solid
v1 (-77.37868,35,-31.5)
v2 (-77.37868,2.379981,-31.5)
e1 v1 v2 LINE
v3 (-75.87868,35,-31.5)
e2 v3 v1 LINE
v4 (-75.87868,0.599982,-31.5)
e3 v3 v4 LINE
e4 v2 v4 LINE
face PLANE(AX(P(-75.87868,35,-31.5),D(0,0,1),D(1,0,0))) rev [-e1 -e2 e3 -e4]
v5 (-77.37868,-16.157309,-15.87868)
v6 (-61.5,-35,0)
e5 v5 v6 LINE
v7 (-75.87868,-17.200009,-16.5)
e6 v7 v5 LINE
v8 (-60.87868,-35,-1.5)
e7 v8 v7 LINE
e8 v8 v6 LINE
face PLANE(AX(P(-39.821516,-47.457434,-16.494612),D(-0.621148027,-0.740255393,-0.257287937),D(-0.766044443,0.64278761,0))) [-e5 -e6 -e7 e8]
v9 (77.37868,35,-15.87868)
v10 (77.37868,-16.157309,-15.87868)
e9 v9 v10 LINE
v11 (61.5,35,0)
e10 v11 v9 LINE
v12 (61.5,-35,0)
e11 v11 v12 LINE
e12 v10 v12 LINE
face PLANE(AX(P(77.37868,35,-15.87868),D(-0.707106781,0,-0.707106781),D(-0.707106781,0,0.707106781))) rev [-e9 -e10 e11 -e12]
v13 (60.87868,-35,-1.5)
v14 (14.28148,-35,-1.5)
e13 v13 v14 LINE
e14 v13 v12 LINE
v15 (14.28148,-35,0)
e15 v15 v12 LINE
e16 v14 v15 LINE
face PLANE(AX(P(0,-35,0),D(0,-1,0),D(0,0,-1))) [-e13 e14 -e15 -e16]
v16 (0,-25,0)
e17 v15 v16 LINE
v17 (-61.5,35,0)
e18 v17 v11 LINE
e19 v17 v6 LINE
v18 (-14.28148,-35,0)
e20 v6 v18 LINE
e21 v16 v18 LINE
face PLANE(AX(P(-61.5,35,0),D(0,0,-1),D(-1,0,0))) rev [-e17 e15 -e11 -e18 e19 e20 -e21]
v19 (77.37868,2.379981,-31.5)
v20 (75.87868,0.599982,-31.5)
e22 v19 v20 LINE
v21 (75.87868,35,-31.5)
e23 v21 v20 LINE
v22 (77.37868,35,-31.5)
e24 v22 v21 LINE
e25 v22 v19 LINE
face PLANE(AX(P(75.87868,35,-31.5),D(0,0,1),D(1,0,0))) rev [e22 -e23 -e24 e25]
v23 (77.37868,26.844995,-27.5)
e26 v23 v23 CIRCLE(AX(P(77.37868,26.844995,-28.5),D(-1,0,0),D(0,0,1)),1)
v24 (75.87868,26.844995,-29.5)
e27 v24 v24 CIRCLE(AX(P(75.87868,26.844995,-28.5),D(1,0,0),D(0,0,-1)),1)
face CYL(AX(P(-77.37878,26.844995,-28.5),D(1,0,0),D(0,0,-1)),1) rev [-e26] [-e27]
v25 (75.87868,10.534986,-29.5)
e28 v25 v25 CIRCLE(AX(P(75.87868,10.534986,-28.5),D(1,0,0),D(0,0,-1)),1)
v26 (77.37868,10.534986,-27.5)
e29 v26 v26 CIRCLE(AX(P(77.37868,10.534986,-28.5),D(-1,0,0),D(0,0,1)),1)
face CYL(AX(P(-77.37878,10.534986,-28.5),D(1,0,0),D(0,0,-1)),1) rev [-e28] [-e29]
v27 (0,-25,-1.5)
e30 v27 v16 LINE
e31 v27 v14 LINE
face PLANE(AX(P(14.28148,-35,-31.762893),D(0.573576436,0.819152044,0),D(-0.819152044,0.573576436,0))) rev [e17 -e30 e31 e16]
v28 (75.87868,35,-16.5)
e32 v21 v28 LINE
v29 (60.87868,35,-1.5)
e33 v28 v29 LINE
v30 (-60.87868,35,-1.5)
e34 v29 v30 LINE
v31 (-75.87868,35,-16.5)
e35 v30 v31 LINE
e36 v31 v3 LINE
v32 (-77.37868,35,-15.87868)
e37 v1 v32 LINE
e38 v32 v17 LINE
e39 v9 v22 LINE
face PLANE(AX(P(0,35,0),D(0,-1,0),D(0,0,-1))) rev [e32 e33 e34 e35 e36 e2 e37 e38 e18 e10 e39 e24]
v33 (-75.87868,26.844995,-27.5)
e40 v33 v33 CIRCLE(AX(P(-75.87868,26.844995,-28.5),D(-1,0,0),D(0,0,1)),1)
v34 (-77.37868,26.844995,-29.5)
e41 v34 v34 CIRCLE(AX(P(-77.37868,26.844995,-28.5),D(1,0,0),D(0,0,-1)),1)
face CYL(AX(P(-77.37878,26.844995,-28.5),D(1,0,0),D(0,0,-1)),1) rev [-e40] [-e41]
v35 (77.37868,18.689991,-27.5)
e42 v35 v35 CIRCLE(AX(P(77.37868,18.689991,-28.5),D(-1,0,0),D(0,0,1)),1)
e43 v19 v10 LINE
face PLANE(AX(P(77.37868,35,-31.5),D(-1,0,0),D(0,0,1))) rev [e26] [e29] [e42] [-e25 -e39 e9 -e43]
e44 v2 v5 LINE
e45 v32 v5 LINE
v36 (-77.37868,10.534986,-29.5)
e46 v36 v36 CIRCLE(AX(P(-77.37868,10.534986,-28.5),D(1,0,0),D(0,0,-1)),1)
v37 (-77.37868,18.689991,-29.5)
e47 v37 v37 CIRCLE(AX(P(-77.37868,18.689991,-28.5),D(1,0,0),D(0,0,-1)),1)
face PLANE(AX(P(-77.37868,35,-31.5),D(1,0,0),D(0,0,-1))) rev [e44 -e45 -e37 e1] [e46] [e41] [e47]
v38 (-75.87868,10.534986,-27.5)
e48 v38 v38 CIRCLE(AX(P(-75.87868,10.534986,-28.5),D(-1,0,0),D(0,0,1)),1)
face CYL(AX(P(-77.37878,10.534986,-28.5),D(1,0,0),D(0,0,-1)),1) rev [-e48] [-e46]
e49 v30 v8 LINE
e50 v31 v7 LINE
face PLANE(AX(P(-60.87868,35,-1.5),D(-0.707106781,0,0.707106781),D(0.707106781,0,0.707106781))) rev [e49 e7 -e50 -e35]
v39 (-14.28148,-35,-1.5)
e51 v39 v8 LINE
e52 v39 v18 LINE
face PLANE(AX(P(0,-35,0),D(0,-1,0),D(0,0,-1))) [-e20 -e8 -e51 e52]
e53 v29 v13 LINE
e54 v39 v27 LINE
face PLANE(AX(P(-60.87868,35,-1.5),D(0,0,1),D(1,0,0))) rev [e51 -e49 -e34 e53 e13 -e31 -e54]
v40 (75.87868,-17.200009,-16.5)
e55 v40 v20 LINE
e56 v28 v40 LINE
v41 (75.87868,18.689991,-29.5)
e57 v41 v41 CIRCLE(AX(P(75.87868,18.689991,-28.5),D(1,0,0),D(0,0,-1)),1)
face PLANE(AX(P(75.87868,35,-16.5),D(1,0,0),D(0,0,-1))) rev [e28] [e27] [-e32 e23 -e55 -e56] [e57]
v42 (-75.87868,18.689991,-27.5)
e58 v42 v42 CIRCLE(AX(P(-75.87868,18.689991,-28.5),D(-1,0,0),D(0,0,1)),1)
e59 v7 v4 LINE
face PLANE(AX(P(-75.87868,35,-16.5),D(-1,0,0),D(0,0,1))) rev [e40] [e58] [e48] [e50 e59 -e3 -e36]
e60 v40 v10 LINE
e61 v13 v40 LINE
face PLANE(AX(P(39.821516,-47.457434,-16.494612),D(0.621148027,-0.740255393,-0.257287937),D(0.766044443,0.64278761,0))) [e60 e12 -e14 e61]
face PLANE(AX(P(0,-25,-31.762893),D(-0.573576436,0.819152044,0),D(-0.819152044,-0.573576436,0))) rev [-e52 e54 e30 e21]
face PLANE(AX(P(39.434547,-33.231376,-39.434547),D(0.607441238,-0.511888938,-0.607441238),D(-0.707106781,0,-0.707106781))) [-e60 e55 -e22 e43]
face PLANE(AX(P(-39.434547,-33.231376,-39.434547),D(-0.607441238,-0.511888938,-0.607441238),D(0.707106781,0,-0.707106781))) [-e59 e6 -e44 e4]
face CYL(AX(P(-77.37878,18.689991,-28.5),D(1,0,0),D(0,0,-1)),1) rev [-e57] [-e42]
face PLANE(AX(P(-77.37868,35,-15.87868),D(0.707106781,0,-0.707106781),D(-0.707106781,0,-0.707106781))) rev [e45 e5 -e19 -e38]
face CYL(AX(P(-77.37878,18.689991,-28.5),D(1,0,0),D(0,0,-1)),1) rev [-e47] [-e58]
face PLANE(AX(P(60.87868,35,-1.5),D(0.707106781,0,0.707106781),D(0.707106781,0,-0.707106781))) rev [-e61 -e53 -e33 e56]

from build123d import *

# Parameters (mm, degrees)
BOSS_EXTRUDE1_DEPTH     = 35
CUT_EXTRUDE1_DEPTH      = 1.5
CUT_EXTRUDE7_DEPTH      = 91.579854792
CUT_EXTRUDE7_DEPTH_BACK = 91.579854792
SKETCH14_R              = 1


with BuildPart() as part:
    # Sketch1 → Boss-Extrude1 (new, symmetric)
    with BuildSketch(Plane(origin=(0, 0, 0), x_dir=(1, 0, 0), z_dir=(0, 1, 0))):
        Polygon((-61.5, 0), (61.5, 0), (77.378679656, 15.878679656), (77.378679656, 31.5), (75.878679656, 31.5), (75.878679656, 16.5), (60.878679656, 1.5), (-60.878679656, 1.5), (-75.878679656, 16.5), (-75.878679656, 31.5), (-77.378679656, 31.5), (-77.378679656, 15.878679656), align=None)
    extrude(amount=BOSS_EXTRUDE1_DEPTH, both=True)

    # Sketch2 → Cut-Extrude1 (cut)
    with BuildSketch(Plane.XY):
        Polygon((0, -25), (-14.281480067, -35), (14.281480067, -35), align=None)
    extrude(amount=-CUT_EXTRUDE1_DEPTH, mode=Mode.SUBTRACT)

    # Sketch12 → Cut-Loft1 section 0
    with BuildSketch(Plane(origin=(29.689339828, 0, 29.689339828), x_dir=(-0.7071067811865465, 0, 0.7071067811865488), z_dir=(-0.7071067811865488, 0, -0.7071067811865465))):
        with BuildLine():
            Line((-44.108387387, -35), (-65.321590822, -17.200008821))
            Line((-65.321590822, -17.200008821), (-65.321590822, -35))
            Line((-65.321590822, -35), (-44.108387387, -35))
        make_face()
    # Sketch7 → Cut-Loft1 section 1
    with BuildSketch(Plane(origin=(30.75, 0, 30.75), x_dir=(0.707106781186546, 0, -0.707106781186549), z_dir=(0.707106781186549, 0, 0.707106781186546))):
        with BuildLine():
            Line((43.487067043, -35), (65.942911166, -16.157309479))
            Line((65.942911166, -16.157309479), (65.942911166, -35))
            Line((65.942911166, -35), (43.487067043, -35))
        make_face()
    cut_loft1 = loft(mode=Mode.SUBTRACT)

    # Sketch8 → Cut-Loft2 section 0
    with BuildSketch(Plane(origin=(77.378679656, 0, 0), x_dir=(0, 0, -1), z_dir=(1, 0, 0))):
        with BuildLine():
            Line((15.878679656, -16.157309479), (31.5, 2.379981476))
            Line((31.5, 2.379981476), (31.5, -35))
            Line((31.5, -35), (15.878679656, -35))
            Line((15.878679656, -35), (15.878679656, -16.157309479))
        make_face()
    # Sketch13 → Cut-Loft2 section 1
    with BuildSketch(Plane.ZY.offset(-75.878679656)):
        with BuildLine():
            Line((-31.5, 0.599982358), (-31.5, -35))
            Line((-31.5, -35), (-16.5, -35))
            Line((-16.5, -35), (-16.5, -17.200008821))
            Line((-16.5, -17.200008821), (-31.5, 0.599982358))
        make_face()
    cut_loft2 = loft(mode=Mode.SUBTRACT)

    # Mirror1: Cut-Loft1, Cut-Loft2 across plane
    add(cut_loft1.mirror(Plane(origin=(0, 0, 0), x_dir=(0, 0, 1), z_dir=(1, 0, 0))), mode=Mode.SUBTRACT)
    add(cut_loft2.mirror(Plane(origin=(0, 0, 0), x_dir=(0, 0, 1), z_dir=(1, 0, 0))), mode=Mode.SUBTRACT)

    # Sketch14 → Cut-Extrude7 (cut, two sides: drawn at the far end of the back side and taken through both)
    with BuildSketch(Plane(origin=(0, 0, 0), x_dir=(0, 0, -1), z_dir=(1, 0, 0)).offset(-CUT_EXTRUDE7_DEPTH_BACK)):
        with Locations((28.5, 26.844995369)):
            Circle(SKETCH14_R)
        with Locations((28.5, 18.689990738)):
            Circle(SKETCH14_R)
        with Locations((28.5, 10.534986107)):
            Circle(SKETCH14_R)
    extrude(amount=CUT_EXTRUDE7_DEPTH + CUT_EXTRUDE7_DEPTH_BACK, mode=Mode.SUBTRACT)


solid = part.part
